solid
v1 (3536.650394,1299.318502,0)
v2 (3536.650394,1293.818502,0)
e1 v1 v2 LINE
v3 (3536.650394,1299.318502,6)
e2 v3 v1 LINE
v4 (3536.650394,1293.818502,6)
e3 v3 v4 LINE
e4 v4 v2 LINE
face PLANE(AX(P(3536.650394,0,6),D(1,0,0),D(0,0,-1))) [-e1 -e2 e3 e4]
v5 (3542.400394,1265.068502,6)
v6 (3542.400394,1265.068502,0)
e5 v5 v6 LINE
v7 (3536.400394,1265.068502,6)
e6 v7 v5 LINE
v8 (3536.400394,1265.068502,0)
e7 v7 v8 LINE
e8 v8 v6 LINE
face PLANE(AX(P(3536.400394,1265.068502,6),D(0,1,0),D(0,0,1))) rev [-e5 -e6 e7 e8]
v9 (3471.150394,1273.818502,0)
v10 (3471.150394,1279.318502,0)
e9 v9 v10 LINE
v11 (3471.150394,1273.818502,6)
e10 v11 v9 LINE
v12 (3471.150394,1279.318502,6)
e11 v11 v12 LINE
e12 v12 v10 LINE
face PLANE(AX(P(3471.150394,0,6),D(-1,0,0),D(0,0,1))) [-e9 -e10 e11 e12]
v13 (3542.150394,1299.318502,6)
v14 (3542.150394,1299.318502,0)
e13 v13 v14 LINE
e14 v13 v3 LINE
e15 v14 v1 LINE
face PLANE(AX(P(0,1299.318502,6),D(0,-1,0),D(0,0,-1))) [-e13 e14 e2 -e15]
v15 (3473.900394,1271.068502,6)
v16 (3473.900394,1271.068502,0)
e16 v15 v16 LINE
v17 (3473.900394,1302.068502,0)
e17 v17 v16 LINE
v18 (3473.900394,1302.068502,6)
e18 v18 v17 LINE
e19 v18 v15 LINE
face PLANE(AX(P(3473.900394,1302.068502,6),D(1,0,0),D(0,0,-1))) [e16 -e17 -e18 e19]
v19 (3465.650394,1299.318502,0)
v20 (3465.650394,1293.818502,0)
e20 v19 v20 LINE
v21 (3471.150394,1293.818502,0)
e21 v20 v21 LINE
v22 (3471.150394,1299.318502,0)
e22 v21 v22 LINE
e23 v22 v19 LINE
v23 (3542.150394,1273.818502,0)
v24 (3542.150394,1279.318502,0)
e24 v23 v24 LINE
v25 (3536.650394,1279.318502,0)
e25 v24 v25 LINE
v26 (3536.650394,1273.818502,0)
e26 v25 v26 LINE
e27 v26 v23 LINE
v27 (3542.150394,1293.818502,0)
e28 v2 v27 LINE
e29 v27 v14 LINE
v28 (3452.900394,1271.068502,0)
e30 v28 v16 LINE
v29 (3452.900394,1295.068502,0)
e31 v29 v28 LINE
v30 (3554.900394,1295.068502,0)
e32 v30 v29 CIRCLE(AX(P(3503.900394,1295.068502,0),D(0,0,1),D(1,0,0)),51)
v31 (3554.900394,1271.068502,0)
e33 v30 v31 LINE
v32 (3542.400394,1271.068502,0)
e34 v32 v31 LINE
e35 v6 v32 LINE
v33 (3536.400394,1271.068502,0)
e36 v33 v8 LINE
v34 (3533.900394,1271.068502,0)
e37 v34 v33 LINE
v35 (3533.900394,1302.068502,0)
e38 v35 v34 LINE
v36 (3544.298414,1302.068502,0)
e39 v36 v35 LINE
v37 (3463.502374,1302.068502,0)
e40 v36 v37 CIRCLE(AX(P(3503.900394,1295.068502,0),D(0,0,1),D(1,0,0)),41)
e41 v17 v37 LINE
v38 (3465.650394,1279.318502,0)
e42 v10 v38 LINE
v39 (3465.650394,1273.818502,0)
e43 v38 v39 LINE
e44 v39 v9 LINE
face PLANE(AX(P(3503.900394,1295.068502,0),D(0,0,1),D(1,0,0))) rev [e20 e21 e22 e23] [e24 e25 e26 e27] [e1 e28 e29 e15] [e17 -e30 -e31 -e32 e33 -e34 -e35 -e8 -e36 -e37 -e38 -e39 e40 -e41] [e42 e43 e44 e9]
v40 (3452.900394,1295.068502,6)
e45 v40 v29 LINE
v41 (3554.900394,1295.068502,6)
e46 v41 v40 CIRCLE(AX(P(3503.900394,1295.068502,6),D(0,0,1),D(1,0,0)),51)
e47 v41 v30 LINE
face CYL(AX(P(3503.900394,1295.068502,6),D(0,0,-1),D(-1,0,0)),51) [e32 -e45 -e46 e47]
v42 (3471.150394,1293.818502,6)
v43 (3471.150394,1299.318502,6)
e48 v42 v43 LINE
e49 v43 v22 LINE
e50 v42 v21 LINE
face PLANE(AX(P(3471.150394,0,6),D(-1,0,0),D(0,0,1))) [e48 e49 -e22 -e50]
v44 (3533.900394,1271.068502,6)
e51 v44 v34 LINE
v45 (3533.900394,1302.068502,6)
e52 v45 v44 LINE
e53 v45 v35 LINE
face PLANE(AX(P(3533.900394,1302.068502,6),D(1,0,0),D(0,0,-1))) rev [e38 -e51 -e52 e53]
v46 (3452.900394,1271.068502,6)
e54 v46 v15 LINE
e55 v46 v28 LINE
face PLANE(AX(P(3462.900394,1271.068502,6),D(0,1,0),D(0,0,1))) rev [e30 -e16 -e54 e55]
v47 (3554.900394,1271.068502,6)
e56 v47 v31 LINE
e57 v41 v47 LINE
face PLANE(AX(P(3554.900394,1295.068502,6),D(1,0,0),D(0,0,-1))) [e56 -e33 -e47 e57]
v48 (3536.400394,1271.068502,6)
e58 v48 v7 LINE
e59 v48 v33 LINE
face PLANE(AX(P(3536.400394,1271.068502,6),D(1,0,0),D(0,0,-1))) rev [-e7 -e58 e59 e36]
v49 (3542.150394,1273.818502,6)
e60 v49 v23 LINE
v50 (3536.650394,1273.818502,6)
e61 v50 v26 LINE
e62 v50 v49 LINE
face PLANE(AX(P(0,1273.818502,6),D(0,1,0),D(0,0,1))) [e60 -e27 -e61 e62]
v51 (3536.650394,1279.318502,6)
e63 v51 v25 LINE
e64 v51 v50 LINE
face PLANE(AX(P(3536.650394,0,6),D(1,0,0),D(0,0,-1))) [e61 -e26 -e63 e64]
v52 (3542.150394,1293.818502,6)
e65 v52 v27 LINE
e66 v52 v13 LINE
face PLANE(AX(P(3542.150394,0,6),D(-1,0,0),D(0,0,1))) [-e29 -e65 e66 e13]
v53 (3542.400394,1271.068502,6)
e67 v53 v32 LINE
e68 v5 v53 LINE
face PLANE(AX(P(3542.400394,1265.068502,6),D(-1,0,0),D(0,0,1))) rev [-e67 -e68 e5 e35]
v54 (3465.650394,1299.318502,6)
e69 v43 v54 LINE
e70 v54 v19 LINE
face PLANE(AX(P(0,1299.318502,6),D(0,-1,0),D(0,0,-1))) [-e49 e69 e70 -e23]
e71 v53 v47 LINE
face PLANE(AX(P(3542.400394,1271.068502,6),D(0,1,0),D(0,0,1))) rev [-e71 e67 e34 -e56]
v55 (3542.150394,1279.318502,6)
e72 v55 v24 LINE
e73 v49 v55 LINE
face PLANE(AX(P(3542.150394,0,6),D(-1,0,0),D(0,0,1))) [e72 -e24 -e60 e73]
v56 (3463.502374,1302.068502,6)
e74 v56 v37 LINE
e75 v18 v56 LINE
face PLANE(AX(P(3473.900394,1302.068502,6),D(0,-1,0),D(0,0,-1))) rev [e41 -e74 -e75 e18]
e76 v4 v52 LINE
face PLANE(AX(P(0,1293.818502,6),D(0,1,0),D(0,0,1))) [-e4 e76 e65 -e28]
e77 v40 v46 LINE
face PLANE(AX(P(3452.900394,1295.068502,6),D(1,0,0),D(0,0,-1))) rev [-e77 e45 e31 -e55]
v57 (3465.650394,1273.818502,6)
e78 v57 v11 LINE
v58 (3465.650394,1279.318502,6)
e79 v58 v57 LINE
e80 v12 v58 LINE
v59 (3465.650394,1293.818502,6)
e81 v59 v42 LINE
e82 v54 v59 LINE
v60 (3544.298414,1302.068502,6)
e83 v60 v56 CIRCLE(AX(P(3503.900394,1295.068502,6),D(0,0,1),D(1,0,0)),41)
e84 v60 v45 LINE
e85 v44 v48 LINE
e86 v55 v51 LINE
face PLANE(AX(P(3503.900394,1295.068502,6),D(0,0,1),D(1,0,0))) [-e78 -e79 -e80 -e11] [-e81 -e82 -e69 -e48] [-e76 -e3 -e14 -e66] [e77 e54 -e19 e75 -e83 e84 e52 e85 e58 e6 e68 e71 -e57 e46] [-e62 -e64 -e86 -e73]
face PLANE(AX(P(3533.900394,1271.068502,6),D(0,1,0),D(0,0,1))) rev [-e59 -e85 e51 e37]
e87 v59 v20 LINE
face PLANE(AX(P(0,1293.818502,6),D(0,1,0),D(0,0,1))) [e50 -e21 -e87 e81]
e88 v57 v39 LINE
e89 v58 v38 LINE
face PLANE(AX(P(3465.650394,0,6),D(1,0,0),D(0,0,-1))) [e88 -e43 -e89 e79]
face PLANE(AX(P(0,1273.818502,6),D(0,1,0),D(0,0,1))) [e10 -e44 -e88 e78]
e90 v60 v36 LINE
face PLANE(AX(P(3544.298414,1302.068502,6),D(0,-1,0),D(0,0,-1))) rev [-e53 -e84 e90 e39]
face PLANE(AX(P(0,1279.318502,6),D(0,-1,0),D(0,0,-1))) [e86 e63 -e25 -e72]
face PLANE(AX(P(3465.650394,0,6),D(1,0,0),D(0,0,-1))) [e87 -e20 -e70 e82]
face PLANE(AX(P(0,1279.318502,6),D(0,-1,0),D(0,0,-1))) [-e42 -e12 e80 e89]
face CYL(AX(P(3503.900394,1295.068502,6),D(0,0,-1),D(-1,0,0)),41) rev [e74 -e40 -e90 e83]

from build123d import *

# Parameters (mm, degrees)
MODEL_W             = 5.5
MODEL_H             = 5.5
BOSS_EXTRUDE1_DEPTH = 6


with BuildPart() as part:
    # Model → Boss-Extrude1 (new body)
    with BuildSketch(Plane.XY):
        with BuildLine():
            Line((3452.90039403, 1295.068502361), (3452.90039403, 1271.068502361))
            Line((3452.90039403, 1271.068502361), (3462.90039403, 1271.068502361))
            Line((3462.90039403, 1271.068502361), (3473.90039403, 1271.068502361))
            Line((3473.90039403, 1271.068502361), (3473.90039403, 1302.068502361))
            Line((3473.90039403, 1302.068502361), (3463.502374277, 1302.068502361))
            ThreePointArc((3463.502374277, 1302.068502361), (3503.90039403, 1336.068502361), (3544.298413784, 1302.068502361))
            Line((3544.298413784, 1302.068502361), (3533.90039403, 1302.068502361))
            Line((3533.90039403, 1302.068502361), (3533.90039403, 1271.068502361))
            Line((3533.90039403, 1271.068502361), (3536.40039403, 1271.068502361))
            Line((3536.40039403, 1271.068502361), (3536.40039403, 1265.068502361))
            Line((3536.40039403, 1265.068502361), (3542.40039403, 1265.068502361))
            Line((3542.40039403, 1265.068502361), (3542.40039403, 1271.068502361))
            Line((3542.40039403, 1271.068502361), (3554.90039403, 1271.068502361))
            Line((3554.90039403, 1271.068502361), (3554.90039403, 1295.068502361))
            ThreePointArc((3554.90039403, 1295.068502361), (3503.90039403, 1346.068502361), (3452.90039403, 1295.068502361))
        make_face()
        with Locations((3539.40039403, 1276.568502361)):
            Rectangle(MODEL_W, MODEL_H, mode=Mode.SUBTRACT)
        with Locations((3539.40039403, 1296.568502361)):
            Rectangle(MODEL_W, MODEL_H, mode=Mode.SUBTRACT)
        with Locations((3468.40039403, 1276.568502361)):
            Rectangle(MODEL_W, MODEL_H, mode=Mode.SUBTRACT)
        with Locations((3468.40039403, 1296.568502361)):
            Rectangle(MODEL_W, MODEL_H, mode=Mode.SUBTRACT)
    extrude(amount=BOSS_EXTRUDE1_DEPTH)


solid = part.part
